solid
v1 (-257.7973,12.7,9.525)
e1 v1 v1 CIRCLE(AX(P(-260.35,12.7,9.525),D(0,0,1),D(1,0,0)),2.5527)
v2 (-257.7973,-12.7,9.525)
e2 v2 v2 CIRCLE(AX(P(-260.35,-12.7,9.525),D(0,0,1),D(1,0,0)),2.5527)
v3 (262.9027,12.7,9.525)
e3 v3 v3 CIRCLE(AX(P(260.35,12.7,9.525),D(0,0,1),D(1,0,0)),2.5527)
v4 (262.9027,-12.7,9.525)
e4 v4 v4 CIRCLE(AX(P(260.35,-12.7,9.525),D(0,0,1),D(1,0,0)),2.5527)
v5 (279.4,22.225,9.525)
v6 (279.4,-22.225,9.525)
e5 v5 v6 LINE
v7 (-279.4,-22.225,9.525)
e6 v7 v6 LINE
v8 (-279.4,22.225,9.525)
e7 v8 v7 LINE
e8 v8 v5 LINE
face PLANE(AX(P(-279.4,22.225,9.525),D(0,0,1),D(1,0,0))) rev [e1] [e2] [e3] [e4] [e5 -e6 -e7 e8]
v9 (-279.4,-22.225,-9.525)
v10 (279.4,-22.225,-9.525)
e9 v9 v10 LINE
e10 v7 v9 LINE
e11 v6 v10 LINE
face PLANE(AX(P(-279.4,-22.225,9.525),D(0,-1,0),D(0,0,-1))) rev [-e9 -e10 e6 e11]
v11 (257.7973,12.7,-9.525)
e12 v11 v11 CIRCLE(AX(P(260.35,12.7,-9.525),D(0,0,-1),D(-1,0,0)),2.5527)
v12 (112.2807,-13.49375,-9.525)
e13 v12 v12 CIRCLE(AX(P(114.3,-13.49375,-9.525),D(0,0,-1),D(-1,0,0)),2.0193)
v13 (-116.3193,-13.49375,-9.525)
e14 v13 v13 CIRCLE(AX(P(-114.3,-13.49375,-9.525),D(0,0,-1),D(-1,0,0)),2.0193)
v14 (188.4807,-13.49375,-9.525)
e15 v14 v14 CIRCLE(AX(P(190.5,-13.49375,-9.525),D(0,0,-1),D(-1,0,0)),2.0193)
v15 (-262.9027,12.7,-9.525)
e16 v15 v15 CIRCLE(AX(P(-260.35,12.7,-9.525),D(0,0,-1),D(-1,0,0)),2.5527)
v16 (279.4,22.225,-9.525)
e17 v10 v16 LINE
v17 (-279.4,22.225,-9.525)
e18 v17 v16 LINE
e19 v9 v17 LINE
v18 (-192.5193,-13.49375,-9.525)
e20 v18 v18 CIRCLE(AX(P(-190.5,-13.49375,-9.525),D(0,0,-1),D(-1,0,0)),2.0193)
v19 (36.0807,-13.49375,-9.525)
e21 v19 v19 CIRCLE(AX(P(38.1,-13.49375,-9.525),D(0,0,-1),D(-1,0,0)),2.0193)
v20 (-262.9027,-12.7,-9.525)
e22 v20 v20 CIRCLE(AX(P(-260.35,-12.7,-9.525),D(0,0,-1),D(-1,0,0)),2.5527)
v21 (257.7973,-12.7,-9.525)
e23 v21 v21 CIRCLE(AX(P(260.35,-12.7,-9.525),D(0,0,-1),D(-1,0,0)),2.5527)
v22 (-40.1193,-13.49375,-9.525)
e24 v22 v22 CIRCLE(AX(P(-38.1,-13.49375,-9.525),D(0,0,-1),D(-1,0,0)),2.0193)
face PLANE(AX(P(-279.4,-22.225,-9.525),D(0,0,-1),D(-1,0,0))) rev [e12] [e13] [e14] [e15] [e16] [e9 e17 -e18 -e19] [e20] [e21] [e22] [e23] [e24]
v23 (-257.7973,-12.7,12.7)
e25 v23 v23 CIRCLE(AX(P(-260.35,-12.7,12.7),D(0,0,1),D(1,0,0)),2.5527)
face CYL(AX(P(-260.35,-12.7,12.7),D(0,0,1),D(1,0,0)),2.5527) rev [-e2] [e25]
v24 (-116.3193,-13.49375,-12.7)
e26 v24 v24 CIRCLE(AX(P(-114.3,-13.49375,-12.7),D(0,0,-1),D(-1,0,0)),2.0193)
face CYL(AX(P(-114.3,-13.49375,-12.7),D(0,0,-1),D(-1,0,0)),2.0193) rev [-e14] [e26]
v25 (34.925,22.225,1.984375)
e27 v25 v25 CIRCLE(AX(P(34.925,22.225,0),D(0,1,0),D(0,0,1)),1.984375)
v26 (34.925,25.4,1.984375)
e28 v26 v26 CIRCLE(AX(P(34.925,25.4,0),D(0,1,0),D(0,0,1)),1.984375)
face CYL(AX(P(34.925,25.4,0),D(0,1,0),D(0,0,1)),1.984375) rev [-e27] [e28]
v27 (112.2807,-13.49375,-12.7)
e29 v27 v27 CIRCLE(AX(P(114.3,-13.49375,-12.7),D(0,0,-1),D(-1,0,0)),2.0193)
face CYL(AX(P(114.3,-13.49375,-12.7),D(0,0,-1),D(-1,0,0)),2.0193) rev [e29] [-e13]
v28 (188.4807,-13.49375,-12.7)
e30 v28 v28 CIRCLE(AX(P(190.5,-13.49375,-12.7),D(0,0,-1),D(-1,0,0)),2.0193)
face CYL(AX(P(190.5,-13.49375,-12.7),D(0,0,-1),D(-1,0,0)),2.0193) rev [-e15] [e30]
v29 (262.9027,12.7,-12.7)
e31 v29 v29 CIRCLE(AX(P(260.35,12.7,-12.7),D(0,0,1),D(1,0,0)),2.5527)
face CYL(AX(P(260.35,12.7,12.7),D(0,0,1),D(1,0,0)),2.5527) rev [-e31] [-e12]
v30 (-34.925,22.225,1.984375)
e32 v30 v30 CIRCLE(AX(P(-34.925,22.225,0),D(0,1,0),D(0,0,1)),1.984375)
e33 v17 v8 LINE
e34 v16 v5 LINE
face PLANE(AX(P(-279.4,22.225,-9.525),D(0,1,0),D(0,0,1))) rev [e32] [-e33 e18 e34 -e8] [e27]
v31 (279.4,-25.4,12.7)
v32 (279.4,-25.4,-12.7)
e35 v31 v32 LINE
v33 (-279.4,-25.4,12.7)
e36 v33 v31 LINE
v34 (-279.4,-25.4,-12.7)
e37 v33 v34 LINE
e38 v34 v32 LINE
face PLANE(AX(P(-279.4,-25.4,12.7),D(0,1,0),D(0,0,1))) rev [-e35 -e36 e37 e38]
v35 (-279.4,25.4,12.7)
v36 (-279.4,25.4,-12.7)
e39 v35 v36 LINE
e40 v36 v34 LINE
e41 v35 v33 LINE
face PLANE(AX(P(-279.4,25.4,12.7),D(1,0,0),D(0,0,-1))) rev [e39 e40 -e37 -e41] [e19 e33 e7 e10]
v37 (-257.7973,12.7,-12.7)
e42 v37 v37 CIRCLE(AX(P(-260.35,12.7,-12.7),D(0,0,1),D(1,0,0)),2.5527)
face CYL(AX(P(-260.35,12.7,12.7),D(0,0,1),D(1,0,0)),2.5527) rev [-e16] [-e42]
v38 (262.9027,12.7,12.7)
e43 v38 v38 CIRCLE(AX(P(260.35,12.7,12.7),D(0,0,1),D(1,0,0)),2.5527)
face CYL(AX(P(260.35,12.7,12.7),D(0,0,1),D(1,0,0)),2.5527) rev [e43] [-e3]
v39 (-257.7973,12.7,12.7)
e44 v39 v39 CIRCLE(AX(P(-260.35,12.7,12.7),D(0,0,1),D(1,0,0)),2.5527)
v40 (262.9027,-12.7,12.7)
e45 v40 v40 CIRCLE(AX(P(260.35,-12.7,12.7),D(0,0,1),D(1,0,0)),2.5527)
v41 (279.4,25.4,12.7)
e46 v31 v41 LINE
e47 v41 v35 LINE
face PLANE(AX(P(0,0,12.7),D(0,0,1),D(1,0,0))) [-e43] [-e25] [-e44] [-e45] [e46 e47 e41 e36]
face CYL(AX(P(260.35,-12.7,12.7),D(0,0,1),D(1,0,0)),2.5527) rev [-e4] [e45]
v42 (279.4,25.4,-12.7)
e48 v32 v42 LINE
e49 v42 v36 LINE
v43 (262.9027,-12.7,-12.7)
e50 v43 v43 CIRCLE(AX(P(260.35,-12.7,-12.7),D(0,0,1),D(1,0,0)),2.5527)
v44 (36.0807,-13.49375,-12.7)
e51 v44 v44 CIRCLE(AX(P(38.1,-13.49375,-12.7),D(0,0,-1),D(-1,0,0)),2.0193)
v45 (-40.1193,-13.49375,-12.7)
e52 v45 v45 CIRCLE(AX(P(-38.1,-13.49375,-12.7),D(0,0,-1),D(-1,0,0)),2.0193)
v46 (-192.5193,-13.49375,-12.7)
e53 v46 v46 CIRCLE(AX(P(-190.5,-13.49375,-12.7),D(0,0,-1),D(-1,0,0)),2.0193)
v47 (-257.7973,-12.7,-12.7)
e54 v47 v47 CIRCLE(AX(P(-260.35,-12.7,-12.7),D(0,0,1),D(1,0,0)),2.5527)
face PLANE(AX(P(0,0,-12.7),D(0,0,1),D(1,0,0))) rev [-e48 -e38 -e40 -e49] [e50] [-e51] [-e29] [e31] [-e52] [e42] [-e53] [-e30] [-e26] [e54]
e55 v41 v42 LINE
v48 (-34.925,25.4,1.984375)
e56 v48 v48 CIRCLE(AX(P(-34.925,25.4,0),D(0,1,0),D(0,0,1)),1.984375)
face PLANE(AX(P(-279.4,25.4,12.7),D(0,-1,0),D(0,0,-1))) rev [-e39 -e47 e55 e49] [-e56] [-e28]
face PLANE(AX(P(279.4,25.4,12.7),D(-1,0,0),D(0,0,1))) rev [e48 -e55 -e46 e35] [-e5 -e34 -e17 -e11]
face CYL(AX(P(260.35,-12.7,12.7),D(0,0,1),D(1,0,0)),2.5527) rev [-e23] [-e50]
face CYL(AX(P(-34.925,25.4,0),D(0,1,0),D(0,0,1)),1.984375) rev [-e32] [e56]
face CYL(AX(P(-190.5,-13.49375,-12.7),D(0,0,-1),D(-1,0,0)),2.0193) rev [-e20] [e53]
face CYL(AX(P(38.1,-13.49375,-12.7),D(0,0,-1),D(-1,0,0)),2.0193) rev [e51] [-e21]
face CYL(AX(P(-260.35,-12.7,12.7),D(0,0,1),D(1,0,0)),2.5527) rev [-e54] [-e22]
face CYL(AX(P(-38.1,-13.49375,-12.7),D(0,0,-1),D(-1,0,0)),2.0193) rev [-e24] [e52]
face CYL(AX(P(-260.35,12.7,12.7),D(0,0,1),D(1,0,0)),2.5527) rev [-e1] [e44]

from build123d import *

# Parameters (mm, degrees)
SKETCH1_W                           = 558.8
SKETCH1_H                           = 50.8
BOSS_EXTRUDE1_DEPTH                 = 12.7
SKETCH2_W                           = 19.05
SKETCH2_H                           = 44.45
CUT_EXTRUDE1_DEPTH                  = 560.521125607
F_1_4_20_TAPPED_HOLE1_D             = 5.1054
F_10_32_TAPPED_HOLE1_D              = 4.0386
F_10_32_TAPPED_HOLE1_DEPTH          = 5.08
F_10_32_TAPPED_HOLE1_TIP            = 1.213317848
F_5_32_0_15625_DIAMETER_HOLE1_D     = 3.96875
F_5_32_0_15625_DIAMETER_HOLE1_DEPTH = 5.08
F_5_32_0_15625_DIAMETER_HOLE1_TIP   = 1.192332791


with BuildPart() as part:
    # Sketch1 → Boss-Extrude1 (new, symmetric)
    with BuildSketch(Plane.XY):
        Rectangle(SKETCH1_W, SKETCH1_H)
    extrude(amount=BOSS_EXTRUDE1_DEPTH, both=True)

    # Sketch2 → Cut-Extrude1 (cut, through all)
    with BuildSketch(Plane(origin=(279.4, 0, 0), x_dir=(0, 0, -1), z_dir=(1, 0, 0))):
        Rectangle(SKETCH2_W, SKETCH2_H)
    extrude(amount=-CUT_EXTRUDE1_DEPTH, mode=Mode.SUBTRACT)

    # 1/4-20 Tapped Hole1 (through all)
    with Locations(Plane.XY.offset(12.7)):
        with Locations((-260.35, 12.7), (-260.35, -12.7), (260.35, 12.7), (260.35, -12.7)):
            Hole(F_1_4_20_TAPPED_HOLE1_D / 2)

    # #10-32 Tapped Hole1
    with Locations(Plane(origin=(0, 0, -12.7), x_dir=(-1, 0, 0), z_dir=(0, 0, -1))):
        with Locations((-190.5, -13.49375), (-114.3, -13.49375), (-38.1, -13.49375), (38.1, -13.49375), (114.3, -13.49375), (190.5, -13.49375)):
            Hole(F_10_32_TAPPED_HOLE1_D / 2, depth=F_10_32_TAPPED_HOLE1_DEPTH)
            with Locations((0, 0, -(F_10_32_TAPPED_HOLE1_DEPTH + F_10_32_TAPPED_HOLE1_TIP / 2))):  # 118° drill point
                Cone(0, F_10_32_TAPPED_HOLE1_D / 2, F_10_32_TAPPED_HOLE1_TIP, mode=Mode.SUBTRACT)

    # 5/32 (0.15625) Diameter Hole1
    with Locations(Plane(origin=(0, 25.4, 0), x_dir=(1, 0, 0), z_dir=(0, 1, 0))):
        with Locations((-34.925, 0), (34.925, 0)):
            Hole(F_5_32_0_15625_DIAMETER_HOLE1_D / 2, depth=F_5_32_0_15625_DIAMETER_HOLE1_DEPTH)
            with Locations((0, 0, -(F_5_32_0_15625_DIAMETER_HOLE1_DEPTH + F_5_32_0_15625_DIAMETER_HOLE1_TIP / 2))):  # 118° drill point
                Cone(0, F_5_32_0_15625_DIAMETER_HOLE1_D / 2, F_5_32_0_15625_DIAMETER_HOLE1_TIP, mode=Mode.SUBTRACT)


solid = part.part
